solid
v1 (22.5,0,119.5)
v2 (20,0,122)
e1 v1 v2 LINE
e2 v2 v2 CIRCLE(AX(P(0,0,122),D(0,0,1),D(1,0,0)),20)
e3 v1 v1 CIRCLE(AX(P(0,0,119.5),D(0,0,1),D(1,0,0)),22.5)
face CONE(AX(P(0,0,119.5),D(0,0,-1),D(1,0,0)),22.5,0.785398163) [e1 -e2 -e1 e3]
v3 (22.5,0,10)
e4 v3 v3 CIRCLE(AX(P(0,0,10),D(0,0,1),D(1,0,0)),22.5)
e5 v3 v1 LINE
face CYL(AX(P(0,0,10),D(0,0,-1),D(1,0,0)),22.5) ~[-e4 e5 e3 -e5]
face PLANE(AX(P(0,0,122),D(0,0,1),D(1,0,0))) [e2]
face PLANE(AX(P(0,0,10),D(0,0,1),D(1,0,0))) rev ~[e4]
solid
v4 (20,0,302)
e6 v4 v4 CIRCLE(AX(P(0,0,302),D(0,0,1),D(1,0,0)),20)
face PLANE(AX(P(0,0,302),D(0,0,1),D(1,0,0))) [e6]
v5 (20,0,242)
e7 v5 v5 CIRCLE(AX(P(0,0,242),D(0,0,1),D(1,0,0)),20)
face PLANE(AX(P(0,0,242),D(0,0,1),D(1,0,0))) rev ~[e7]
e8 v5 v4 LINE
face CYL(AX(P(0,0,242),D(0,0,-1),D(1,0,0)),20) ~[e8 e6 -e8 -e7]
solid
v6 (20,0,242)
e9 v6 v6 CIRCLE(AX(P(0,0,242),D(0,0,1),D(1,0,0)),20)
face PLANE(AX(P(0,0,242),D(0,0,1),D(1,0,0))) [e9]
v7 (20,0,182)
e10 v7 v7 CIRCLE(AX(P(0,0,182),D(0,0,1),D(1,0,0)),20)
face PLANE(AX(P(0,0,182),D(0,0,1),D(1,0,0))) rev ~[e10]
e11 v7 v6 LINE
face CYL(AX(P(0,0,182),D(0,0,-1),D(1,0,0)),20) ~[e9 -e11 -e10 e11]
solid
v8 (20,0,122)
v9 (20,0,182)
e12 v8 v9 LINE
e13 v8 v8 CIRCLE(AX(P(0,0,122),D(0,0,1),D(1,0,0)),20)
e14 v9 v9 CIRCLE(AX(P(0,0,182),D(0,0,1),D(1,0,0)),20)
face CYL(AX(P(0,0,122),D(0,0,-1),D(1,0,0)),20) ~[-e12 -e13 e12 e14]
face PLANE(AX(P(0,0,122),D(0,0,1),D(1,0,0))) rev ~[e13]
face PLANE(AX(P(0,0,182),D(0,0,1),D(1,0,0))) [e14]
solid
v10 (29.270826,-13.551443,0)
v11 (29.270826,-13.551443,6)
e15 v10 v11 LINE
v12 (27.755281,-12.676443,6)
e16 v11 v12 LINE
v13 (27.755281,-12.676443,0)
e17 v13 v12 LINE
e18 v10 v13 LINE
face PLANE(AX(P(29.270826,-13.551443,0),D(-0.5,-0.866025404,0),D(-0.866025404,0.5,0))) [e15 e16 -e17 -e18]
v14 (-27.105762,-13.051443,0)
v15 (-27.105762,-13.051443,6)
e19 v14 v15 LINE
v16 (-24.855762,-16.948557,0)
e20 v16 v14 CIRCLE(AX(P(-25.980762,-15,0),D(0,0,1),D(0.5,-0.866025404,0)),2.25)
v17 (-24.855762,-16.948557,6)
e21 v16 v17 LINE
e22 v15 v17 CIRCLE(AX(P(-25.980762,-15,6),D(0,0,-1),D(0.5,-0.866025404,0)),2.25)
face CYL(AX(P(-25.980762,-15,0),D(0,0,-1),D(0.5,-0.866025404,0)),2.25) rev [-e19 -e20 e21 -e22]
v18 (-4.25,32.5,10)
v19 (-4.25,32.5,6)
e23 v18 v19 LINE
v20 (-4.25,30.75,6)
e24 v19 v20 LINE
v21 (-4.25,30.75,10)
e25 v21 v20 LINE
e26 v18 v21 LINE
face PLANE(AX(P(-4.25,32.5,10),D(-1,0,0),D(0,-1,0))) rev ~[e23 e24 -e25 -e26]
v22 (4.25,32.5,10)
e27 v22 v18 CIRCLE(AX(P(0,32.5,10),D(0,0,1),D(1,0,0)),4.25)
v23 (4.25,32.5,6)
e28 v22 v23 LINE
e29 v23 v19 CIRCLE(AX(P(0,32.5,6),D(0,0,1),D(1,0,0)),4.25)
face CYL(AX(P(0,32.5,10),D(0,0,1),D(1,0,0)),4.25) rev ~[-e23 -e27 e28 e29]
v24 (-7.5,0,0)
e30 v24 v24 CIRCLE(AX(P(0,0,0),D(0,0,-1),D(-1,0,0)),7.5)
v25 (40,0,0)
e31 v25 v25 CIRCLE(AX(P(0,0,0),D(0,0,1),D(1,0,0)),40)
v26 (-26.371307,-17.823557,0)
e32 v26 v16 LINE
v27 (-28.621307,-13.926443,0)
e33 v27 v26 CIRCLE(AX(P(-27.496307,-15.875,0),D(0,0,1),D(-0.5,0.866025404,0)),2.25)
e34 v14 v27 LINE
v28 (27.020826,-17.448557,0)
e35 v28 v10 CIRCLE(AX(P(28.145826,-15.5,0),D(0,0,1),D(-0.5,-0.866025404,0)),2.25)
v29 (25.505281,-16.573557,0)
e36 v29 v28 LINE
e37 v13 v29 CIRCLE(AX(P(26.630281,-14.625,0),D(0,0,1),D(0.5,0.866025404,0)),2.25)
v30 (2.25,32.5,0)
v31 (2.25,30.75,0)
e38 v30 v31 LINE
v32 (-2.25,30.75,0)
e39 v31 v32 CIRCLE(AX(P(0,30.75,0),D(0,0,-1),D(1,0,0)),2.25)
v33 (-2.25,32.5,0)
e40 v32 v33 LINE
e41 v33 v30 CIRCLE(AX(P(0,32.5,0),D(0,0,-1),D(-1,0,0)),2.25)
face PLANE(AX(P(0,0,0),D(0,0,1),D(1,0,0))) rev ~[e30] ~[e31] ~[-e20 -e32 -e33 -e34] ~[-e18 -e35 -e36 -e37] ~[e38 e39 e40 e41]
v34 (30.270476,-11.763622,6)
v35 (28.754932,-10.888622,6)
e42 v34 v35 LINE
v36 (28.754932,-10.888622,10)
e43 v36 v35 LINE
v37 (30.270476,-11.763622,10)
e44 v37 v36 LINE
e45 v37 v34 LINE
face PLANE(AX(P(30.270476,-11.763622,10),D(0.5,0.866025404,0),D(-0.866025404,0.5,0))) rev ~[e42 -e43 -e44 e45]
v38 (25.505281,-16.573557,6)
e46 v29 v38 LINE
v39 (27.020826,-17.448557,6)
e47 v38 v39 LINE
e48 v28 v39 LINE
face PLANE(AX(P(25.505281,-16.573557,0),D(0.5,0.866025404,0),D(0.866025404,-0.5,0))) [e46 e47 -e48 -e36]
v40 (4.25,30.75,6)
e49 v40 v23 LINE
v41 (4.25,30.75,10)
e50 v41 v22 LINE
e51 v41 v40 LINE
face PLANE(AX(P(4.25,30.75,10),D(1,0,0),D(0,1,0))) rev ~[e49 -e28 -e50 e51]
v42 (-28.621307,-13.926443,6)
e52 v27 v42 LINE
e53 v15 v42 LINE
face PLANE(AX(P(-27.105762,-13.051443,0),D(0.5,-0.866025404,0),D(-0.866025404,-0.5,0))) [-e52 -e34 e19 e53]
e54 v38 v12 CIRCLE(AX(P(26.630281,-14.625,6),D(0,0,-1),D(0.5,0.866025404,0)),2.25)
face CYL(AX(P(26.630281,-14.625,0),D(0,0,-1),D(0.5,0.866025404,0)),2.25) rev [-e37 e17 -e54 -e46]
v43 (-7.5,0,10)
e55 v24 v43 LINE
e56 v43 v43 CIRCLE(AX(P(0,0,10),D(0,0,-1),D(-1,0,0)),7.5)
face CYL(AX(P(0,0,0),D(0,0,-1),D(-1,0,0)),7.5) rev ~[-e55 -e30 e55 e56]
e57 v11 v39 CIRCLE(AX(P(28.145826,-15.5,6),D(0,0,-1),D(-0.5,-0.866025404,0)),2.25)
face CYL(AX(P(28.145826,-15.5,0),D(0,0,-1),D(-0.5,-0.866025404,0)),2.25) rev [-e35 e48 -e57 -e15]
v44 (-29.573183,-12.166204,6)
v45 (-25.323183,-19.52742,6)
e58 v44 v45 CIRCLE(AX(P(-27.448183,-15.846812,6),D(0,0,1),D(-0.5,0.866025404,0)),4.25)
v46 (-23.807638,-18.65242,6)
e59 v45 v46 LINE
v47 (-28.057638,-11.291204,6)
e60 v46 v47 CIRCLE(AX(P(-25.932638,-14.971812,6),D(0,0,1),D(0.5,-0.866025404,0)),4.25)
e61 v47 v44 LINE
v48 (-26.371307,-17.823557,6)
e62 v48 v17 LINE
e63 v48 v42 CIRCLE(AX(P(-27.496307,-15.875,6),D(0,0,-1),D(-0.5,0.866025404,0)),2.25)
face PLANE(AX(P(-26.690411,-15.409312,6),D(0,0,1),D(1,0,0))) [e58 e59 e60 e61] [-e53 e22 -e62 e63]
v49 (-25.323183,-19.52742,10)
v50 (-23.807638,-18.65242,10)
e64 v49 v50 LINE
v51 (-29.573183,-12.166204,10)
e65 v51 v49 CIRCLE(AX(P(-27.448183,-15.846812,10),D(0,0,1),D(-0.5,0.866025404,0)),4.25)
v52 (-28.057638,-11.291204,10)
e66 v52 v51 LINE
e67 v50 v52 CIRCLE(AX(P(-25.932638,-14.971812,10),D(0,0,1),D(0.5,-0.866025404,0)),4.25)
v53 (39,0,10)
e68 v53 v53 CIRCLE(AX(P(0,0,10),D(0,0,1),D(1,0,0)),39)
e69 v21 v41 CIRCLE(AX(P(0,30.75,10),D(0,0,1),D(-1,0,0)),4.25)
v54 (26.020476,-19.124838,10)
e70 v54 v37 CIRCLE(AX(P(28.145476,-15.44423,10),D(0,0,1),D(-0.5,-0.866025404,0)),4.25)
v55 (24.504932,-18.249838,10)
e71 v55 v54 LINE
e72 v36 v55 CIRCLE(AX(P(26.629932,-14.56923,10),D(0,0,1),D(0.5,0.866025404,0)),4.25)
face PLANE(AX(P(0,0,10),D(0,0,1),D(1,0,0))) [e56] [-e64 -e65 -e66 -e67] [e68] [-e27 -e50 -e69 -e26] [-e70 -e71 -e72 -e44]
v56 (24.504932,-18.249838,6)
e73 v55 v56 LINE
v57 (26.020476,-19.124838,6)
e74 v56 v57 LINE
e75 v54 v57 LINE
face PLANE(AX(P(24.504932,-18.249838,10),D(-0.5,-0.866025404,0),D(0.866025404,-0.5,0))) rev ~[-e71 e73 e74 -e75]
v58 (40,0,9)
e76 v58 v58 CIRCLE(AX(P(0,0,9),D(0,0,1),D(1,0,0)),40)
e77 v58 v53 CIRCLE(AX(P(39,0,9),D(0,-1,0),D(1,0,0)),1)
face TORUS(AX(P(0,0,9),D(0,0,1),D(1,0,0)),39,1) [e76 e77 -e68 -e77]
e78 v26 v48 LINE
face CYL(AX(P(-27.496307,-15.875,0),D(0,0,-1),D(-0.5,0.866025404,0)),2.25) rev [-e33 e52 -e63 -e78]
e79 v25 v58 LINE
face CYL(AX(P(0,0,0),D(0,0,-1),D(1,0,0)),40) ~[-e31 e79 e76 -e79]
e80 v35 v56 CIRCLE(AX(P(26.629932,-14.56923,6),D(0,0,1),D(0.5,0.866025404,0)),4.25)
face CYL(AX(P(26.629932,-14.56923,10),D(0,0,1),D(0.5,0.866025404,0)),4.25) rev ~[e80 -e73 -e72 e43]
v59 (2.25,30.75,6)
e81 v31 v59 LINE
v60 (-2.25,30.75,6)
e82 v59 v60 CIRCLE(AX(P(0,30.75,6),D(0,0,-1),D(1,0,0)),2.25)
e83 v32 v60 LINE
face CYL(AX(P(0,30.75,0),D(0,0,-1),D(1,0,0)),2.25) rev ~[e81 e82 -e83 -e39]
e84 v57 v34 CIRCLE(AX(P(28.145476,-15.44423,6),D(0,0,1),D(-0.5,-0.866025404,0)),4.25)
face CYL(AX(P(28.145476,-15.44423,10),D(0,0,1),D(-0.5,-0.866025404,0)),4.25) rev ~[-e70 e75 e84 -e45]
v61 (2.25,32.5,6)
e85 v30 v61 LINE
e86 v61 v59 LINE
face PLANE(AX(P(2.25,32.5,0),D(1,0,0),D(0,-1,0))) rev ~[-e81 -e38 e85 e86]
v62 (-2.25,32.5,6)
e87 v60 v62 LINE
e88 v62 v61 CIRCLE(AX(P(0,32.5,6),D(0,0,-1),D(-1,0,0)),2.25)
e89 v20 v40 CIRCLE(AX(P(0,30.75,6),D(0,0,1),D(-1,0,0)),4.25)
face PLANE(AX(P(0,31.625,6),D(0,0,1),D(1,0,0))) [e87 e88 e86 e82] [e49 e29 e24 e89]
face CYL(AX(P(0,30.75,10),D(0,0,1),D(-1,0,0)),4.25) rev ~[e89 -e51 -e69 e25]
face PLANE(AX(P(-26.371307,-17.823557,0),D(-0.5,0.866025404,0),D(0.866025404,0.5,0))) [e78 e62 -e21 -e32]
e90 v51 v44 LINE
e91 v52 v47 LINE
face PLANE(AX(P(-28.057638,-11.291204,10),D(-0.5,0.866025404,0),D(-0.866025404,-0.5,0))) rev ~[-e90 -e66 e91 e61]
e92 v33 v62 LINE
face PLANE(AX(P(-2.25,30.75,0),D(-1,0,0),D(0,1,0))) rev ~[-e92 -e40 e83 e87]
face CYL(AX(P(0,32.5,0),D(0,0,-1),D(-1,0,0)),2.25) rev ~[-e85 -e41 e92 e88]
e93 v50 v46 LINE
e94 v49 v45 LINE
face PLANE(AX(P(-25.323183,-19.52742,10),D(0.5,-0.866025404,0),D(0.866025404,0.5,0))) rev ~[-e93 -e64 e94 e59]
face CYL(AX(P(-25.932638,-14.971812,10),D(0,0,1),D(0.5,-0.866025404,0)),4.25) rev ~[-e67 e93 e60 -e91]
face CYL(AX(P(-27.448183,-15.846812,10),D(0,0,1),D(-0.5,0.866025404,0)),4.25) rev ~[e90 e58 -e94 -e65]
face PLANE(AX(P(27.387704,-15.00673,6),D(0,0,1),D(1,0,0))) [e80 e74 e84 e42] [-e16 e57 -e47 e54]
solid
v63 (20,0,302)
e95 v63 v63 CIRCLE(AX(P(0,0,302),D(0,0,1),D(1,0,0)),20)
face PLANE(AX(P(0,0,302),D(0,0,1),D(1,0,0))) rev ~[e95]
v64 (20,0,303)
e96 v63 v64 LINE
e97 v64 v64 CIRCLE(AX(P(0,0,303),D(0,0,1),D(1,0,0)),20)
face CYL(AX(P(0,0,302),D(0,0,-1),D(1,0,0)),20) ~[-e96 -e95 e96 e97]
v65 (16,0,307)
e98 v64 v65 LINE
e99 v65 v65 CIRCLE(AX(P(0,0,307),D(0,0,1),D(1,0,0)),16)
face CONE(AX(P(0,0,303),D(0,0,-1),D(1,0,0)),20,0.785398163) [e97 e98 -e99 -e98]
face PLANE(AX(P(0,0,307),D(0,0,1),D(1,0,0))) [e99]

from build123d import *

# Parameters (mm, degrees)
SKETCH_1_R            = 40
EXTRUDE_1_DEPTH       = 10
FILLET_1_R            = 1
CUT_EXTRUDE_1_DEPTH   = 4
SKETCH_3_R            = 22.5
EXTRUDE_2_DEPTH       = 112
SKETCH_4_R            = 20
EXTRUDE_3_DEPTH       = 60
SKETCH_5_R            = 20
EXTRUDE_4_DEPTH       = 60
SKETCH_6_R            = 20
EXTRUDE_5_DEPTH       = 60
SKETCH_7_R            = 20
EXTRUDE_6_DEPTH       = 5
CHAMFER_1_SIZE        = 4
CHAMFER_2_SIZE        = 2.5
SKETCH_1_2_R          = 7.5
CUT_EXTRUDE_1_2_DEPTH = 10


with BuildPart() as part:
    # Sketch 1 → 伸長1 (new body)
    with BuildSketch(Plane.XY):
        Circle(SKETCH_1_R)
        with BuildLine():
            Line((2.25, 32.5), (2.25, 30.75))
            ThreePointArc((2.25, 30.75), (0, 28.5), (-2.25, 30.75))
            Line((-2.25, 30.75), (-2.25, 32.5))
            ThreePointArc((-2.25, 32.5), (0, 34.75), (2.25, 32.5))
        make_face(mode=Mode.SUBTRACT)
        with BuildLine():
            Line((29.270825623, -13.551442841), (27.755281166, -12.676442841))
            ThreePointArc((27.755281166, -12.676442841), (24.681724008, -13.5), (25.505281166, -16.573557159))
            Line((25.505281166, -16.573557159), (27.020825623, -17.448557159))
            ThreePointArc((27.020825623, -17.448557159), (30.094382782, -16.625), (29.270825623, -13.551442841))
        make_face(mode=Mode.SUBTRACT)
        with BuildLine():
            Line((-26.37130657, -17.823557159), (-24.855762114, -16.948557159))
            ThreePointArc((-24.855762114, -16.948557159), (-24.032204955, -13.875), (-27.105762114, -13.051442841))
            Line((-27.105762114, -13.051442841), (-28.62130657, -13.926442841))
            ThreePointArc((-28.62130657, -13.926442841), (-29.444863729, -17), (-26.37130657, -17.823557159))
        make_face(mode=Mode.SUBTRACT)
    extrude(amount=EXTRUDE_1_DEPTH)

    # 圓角1
    fillet_1_edges = [part.edges().sort_by_distance(p)[0] for p in [
        (-40, 0, 10),
    ]]
    fillet(fillet_1_edges, radius=FILLET_1_R)

    # 草圖2 → Cut-Extrude 1 (cut)
    with BuildSketch(Plane.XY.offset(10)):
        with BuildLine():
            Line((24.504931819, -18.249837648), (26.020476275, -19.124837648))
            ThreePointArc((26.020476275, -19.124837648), (31.826084242, -17.569229682), (30.270476275, -11.763621716))
            Line((30.270476275, -11.763621716), (28.754931819, -10.888621716))
            ThreePointArc((28.754931819, -10.888621716), (22.949323853, -12.444229682), (24.504931819, -18.249837648))
        make_face()
        with BuildLine():
            Line((4.25, 30.75), (4.25, 32.5))
            ThreePointArc((4.25, 32.5), (0, 36.75), (-4.25, 32.5))
            Line((-4.25, 32.5), (-4.25, 30.75))
            ThreePointArc((-4.25, 30.75), (0, 26.5), (4.25, 30.75))
        make_face()
        with BuildLine():
            Line((-28.057638275, -11.291204331), (-29.573182732, -12.166204331))
            ThreePointArc((-29.573182732, -12.166204331), (-31.128790698, -17.971812297), (-25.323182732, -19.527420263))
            Line((-25.323182732, -19.527420263), (-23.807638275, -18.652420263))
            ThreePointArc((-23.807638275, -18.652420263), (-22.252030309, -12.846812297), (-28.057638275, -11.291204331))
        make_face()
    extrude(amount=-CUT_EXTRUDE_1_DEPTH, mode=Mode.SUBTRACT)

    # Sketch 1 2 → Cut-Extrude 1 2 (cut)
    with BuildSketch(Plane(origin=(0, 0, 0), x_dir=(-1, 0, 0), z_dir=(0, 0, -1))):
        Circle(SKETCH_1_2_R)
    extrude(amount=-CUT_EXTRUDE_1_2_DEPTH, mode=Mode.SUBTRACT)


with BuildPart() as body_2:
    # 草圖3 → 伸長2 (new body)
    with BuildSketch(Plane.XY.offset(10)):
        Circle(SKETCH_3_R)
    extrude(amount=EXTRUDE_2_DEPTH)

    # 導角2
    chamfer_2_edges = [body_2.edges().sort_by_distance(p)[0] for p in [
        (-22.5, 0, 122),
    ]]
    chamfer(chamfer_2_edges, length=CHAMFER_2_SIZE)


with BuildPart() as body_3:
    # 草圖4 → 伸長3 (new body)
    with BuildSketch(Plane.XY.offset(122)):
        Circle(SKETCH_4_R)
    extrude(amount=EXTRUDE_3_DEPTH)


with BuildPart() as body_4:
    # 草圖5 → 伸長4 (new body)
    with BuildSketch(Plane.XY.offset(182)):
        Circle(SKETCH_5_R)
    extrude(amount=EXTRUDE_4_DEPTH)


with BuildPart() as body_5:
    # 草圖6 → 伸長5 (new body)
    with BuildSketch(Plane.XY.offset(242)):
        Circle(SKETCH_6_R)
    extrude(amount=EXTRUDE_5_DEPTH)


with BuildPart() as body_6:
    # 草圖7 → 伸長6 (new body)
    with BuildSketch(Plane.XY.offset(302)):
        Circle(SKETCH_7_R)
    extrude(amount=EXTRUDE_6_DEPTH)

    # 導角1
    chamfer_1_edges = [body_6.edges().sort_by_distance(p)[0] for p in [
        (-20, 0, 307),
    ]]
    chamfer(chamfer_1_edges, length=CHAMFER_1_SIZE)


solid = Compound([part.part, body_2.part, body_3.part, body_4.part, body_5.part, body_6.part])
